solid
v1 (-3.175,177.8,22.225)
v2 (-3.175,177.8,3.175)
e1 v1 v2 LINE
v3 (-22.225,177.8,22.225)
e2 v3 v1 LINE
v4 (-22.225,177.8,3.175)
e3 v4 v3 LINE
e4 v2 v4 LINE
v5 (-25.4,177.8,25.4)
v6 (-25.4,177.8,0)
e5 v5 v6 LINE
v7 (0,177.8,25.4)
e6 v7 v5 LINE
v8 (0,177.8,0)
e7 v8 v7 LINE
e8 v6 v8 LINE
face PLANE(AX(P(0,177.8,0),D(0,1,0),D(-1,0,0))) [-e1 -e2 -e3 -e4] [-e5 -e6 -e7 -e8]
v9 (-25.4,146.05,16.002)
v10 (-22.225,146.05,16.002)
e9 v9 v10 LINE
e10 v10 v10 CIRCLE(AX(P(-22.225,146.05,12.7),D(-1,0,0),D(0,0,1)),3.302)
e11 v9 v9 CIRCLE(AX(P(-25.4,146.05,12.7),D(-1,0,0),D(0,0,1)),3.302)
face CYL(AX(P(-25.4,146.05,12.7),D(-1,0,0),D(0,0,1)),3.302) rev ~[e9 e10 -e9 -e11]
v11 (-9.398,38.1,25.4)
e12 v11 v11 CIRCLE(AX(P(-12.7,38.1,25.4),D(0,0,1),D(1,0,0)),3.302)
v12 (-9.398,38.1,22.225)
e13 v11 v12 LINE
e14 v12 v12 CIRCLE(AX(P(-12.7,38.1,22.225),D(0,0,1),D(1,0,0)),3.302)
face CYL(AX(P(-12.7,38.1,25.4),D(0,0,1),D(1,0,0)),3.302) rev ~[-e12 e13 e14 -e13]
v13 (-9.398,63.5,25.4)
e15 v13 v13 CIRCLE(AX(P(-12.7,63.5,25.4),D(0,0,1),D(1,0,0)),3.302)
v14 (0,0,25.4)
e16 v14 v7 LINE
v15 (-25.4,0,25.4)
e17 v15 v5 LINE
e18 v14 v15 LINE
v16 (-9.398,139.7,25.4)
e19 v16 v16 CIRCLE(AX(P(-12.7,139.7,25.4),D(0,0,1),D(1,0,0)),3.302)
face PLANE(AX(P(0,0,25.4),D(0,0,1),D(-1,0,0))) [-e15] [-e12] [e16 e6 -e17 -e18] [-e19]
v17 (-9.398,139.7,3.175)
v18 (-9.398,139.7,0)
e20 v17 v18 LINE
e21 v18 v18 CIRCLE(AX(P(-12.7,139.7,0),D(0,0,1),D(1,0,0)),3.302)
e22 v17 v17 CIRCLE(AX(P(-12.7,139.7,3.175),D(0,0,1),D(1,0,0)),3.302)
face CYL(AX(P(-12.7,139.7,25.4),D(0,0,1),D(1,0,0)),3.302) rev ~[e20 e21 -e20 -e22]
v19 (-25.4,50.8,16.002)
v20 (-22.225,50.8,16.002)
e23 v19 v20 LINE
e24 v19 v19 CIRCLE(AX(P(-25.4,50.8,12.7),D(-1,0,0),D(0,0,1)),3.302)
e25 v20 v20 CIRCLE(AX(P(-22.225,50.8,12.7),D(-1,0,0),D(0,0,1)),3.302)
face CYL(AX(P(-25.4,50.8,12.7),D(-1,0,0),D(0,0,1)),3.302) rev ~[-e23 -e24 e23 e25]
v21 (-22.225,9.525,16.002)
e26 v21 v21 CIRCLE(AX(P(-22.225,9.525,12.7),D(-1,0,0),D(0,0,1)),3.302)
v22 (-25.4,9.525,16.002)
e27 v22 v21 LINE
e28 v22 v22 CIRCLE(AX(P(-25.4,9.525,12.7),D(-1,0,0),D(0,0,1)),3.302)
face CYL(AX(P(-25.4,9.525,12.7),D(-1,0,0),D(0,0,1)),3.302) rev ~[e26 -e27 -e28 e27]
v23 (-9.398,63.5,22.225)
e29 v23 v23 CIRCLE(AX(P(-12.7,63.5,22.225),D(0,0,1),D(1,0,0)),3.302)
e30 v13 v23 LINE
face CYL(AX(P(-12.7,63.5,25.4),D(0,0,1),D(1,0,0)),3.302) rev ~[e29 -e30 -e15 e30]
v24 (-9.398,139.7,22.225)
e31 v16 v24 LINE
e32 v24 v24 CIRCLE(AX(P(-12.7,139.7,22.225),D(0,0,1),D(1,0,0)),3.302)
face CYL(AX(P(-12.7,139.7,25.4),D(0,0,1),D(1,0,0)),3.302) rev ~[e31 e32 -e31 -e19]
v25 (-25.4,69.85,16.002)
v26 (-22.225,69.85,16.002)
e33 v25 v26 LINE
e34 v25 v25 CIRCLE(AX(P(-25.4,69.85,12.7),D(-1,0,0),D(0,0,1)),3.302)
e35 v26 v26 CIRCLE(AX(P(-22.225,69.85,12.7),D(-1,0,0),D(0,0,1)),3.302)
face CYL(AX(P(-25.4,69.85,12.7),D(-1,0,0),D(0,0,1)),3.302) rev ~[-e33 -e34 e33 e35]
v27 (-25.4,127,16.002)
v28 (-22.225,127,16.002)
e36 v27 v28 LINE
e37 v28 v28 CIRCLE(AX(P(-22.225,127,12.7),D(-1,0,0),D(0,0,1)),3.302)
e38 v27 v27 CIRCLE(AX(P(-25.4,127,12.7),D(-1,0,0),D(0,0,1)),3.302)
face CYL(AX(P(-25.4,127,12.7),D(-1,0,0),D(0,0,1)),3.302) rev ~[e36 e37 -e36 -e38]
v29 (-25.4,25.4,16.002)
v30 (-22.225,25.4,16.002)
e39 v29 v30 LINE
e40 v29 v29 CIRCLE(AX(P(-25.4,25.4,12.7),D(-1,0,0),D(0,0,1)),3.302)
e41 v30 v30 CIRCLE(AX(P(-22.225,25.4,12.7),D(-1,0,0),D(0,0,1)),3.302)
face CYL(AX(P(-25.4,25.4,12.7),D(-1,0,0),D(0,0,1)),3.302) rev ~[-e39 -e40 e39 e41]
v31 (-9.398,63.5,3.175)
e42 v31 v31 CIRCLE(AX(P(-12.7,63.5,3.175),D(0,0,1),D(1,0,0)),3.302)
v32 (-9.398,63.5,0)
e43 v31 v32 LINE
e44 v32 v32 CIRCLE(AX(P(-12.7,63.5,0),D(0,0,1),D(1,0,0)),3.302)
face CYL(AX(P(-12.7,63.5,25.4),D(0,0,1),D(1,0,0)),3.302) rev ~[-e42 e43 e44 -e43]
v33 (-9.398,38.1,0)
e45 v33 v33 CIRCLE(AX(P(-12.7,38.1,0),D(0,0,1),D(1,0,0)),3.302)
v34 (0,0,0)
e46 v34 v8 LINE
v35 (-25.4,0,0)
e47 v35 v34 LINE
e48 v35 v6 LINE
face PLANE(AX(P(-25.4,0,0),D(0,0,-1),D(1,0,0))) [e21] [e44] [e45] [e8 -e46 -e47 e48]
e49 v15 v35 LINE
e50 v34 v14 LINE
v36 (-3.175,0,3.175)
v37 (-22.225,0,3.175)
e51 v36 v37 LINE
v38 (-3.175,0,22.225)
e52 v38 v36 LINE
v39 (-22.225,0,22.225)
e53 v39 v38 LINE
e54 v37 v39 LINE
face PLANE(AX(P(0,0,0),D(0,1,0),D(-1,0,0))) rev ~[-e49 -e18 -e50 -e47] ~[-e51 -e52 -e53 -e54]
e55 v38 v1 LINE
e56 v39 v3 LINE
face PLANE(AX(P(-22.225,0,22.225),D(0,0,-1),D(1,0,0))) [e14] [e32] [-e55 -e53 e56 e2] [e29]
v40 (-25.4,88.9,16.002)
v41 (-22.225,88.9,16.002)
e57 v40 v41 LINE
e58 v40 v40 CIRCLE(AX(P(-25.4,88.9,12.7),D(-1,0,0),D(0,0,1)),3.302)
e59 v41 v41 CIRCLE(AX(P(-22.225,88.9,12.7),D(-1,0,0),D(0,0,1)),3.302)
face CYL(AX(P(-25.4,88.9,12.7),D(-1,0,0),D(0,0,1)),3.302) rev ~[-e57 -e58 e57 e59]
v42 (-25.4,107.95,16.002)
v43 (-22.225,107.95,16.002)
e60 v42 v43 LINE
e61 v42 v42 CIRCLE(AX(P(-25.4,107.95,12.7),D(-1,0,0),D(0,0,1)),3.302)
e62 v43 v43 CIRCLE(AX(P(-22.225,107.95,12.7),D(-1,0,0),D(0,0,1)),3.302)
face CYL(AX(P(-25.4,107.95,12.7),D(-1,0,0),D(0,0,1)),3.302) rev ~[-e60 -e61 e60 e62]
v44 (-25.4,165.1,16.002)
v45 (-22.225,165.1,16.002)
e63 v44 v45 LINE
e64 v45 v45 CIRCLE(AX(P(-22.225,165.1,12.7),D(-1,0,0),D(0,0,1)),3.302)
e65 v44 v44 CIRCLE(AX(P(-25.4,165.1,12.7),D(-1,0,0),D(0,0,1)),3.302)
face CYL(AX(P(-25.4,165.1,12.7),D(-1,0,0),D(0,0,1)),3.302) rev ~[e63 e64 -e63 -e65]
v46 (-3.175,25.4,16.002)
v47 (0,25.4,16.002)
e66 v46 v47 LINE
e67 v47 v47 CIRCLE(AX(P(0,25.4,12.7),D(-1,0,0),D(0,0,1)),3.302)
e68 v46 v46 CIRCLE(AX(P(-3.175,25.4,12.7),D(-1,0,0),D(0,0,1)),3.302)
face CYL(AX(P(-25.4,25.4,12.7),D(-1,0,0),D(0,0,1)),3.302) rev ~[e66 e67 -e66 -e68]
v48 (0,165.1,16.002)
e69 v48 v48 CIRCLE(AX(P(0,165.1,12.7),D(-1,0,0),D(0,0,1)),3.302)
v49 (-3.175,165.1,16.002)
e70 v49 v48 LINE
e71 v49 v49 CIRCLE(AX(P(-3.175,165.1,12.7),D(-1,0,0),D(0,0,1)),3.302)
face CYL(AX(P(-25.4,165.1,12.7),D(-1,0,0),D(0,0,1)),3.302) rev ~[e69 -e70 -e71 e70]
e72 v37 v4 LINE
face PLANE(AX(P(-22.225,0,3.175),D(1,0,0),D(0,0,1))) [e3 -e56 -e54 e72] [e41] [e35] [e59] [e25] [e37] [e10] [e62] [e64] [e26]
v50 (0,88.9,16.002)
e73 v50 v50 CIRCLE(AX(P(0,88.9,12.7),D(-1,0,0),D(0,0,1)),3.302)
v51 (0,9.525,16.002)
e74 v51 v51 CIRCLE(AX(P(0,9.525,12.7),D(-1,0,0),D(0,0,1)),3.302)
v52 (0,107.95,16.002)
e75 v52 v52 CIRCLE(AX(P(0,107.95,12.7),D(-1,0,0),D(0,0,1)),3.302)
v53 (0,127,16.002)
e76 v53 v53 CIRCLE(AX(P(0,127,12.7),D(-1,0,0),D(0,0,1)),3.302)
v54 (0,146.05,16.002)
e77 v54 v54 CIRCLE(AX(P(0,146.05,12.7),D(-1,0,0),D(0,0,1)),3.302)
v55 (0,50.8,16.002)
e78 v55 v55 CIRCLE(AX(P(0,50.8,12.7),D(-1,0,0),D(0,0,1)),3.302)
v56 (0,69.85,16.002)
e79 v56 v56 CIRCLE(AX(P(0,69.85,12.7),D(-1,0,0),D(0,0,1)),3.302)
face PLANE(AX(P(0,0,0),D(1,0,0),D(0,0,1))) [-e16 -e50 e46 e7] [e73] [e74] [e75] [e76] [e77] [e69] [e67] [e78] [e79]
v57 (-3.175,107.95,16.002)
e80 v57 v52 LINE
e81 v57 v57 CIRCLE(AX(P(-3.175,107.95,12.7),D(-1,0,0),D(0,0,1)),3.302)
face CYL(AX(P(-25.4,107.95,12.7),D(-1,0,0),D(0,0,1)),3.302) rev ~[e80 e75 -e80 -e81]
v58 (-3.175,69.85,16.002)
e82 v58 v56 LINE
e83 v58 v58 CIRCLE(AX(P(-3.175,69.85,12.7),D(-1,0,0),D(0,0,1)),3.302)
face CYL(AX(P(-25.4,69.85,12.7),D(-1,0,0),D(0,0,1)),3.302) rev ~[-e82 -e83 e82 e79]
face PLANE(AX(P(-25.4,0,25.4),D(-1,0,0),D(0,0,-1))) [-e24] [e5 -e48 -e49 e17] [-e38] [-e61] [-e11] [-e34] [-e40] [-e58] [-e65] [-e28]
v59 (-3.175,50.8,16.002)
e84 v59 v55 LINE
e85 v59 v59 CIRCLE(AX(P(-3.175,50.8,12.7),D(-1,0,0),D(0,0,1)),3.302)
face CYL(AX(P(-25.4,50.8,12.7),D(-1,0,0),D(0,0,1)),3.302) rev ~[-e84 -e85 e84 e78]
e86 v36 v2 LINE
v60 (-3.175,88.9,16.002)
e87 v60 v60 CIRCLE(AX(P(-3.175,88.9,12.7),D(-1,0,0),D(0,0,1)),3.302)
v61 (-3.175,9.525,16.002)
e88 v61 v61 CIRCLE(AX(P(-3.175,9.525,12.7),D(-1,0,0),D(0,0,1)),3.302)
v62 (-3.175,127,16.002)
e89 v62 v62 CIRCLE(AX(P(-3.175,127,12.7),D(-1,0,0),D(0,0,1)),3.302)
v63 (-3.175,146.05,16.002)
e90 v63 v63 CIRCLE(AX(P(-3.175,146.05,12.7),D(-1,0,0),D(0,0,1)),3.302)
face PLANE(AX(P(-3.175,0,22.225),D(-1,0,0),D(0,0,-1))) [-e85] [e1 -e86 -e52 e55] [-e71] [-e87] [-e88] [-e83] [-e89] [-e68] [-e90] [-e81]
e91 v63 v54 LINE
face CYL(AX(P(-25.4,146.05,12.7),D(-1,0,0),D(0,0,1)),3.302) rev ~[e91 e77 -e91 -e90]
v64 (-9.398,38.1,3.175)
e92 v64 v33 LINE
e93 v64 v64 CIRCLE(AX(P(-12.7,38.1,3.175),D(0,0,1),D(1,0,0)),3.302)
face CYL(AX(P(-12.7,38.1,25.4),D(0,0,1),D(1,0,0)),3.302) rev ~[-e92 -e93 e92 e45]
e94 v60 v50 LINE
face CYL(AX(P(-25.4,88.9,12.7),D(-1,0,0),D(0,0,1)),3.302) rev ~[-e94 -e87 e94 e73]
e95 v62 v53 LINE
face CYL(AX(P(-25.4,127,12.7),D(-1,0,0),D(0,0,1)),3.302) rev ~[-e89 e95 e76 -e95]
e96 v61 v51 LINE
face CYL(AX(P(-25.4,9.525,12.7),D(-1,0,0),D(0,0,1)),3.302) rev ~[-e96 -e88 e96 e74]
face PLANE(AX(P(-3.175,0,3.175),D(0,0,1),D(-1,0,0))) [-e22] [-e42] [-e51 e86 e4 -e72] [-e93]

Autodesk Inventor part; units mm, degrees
ref_plane "YZ Plane" through (0, 0, 0) normal (1, 0, 0) x (0, 1, 0)
ref_plane "XZ Plane" through (0, 0, 0) normal (0, 1, 0) x (-1, 0, 0)
ref_plane "XY Plane" through (0, 0, 0) normal (0, 0, 1) x (1, 0, 0)
sketch "Sketch1" plane through (0, 0, 0) normal (0, 1, 0) x (-1, 0, 0)
  line L0 (0, 25.4) -> (25.4, 25.4)
  line L1 (25.4, 25.4) -> (25.4, 0)
  line L2 (25.4, 0) -> (0, 0)
  line L3 (0, 0) -> (0, 25.4)
  line L4 (22.225, 22.225) -> (3.175, 22.225)
  line L5 (3.175, 22.225) -> (3.175, 3.175)
  line L6 (3.175, 3.175) -> (22.225, 3.175)
  line L7 (22.225, 3.175) -> (22.225, 22.225)
  dimension "d0" = 25.4
  dimension "d1" = 25.4
  dimension "d2" = 3.175
extrude "Extrusion1" add sketch "Sketch1" along normal blind 177.8
sketch "Sketch2" plane through (-25.4, 0, 0) normal (-1, 0, 0) x (0, 0, 1)
  line L0 (0, 177.8) -> (25.4, 177.8) projected
  line L1 (25.4, 0) -> (0, 0) projected
  line L2 (12.7, 177.8) -> (12.7, 0) construction
  circle A0 centre (12.7, 165.1) radius 3.302
  circle A1 centre (12.7, 107.95) radius 3.302
  circle A2 centre (12.7, 152.4) radius 3.302
  circle A3 centre (12.7, 25.4) radius 3.302 projected
  circle A4 centre (12.7, 9.525) radius 3.302 projected
  dimension "d17" = 6.604
  dimension "d18" = 6.604
  dimension "d19" = 107.95
  dimension "d20" = 6.604
  dimension "d21" = 12.7
  dimension "d22" = 12.7
extrude "Extrusion2" cut sketch "Sketch2" against normal blind 25.4 contours A0 | A1 | A3 | A4
sketch "Sketch3" plane through (-25.4, 0, 0) normal (-1, 0, 0) x (0, 0, 1)
  circle A0 centre (12.7, 25.4) radius 3.302 projected
  line L0 (25.4, 0) -> (0, 0) projected
  line L1 (0, 177.8) -> (25.4, 177.8) projected
  line L2 (12.7, 177.8) -> (12.7, 0) construction
  circle A1 centre (12.7, 50.8) radius 3.302
  circle A2 centre (12.7, 69.85) radius 3.302
  circle A3 centre (12.7, 88.9) radius 3.302
  circle A4 centre (12.7, 107.95) radius 3.302 construction
  circle A5 centre (12.7, 127) radius 3.302
  circle A6 centre (12.7, 146.05) radius 3.302
  dimension "d23" = 6.604
  dimension "d25" = 25.4
  dimension "d28" = 19.05
extrude "Extrusion3" cut sketch "Sketch3" against normal blind 25.4 contours A1 | A2 | A3 | A5 | A6
sketch "Sketch4" plane through (-25.4, 0, 25.4) normal (0, 0, 1) x (1, 0, 0)
  line L0 (25.4, 0) -> (0, 0) projected
  line L1 (0, 177.8) -> (25.4, 177.8) projected
  circle A0 centre (12.7, 139.7) radius 3.302
  line L2 (12.7, 177.8) -> (12.7, 0) construction
  circle A1 centre (12.7, 114.3) radius 3.302
  circle A2 centre (12.7, 88.9) radius 3.302
  circle A3 centre (12.7, 63.5) radius 3.302
  circle A4 centre (12.7, 38.1) radius 3.302
  dimension "d35" = 38.1
  dimension "d36" = 6.604
  dimension "d39" = 25.4
extrude "Extrusion4" cut sketch "Sketch4" against normal blind 25.4 contours A0 | A3 | A4
equation "\"d20\" = d17"
equation "\"d22\" = d21"
properties part number "Chassis V1.500 Part3-mirror" material "Aluminum 6061"
